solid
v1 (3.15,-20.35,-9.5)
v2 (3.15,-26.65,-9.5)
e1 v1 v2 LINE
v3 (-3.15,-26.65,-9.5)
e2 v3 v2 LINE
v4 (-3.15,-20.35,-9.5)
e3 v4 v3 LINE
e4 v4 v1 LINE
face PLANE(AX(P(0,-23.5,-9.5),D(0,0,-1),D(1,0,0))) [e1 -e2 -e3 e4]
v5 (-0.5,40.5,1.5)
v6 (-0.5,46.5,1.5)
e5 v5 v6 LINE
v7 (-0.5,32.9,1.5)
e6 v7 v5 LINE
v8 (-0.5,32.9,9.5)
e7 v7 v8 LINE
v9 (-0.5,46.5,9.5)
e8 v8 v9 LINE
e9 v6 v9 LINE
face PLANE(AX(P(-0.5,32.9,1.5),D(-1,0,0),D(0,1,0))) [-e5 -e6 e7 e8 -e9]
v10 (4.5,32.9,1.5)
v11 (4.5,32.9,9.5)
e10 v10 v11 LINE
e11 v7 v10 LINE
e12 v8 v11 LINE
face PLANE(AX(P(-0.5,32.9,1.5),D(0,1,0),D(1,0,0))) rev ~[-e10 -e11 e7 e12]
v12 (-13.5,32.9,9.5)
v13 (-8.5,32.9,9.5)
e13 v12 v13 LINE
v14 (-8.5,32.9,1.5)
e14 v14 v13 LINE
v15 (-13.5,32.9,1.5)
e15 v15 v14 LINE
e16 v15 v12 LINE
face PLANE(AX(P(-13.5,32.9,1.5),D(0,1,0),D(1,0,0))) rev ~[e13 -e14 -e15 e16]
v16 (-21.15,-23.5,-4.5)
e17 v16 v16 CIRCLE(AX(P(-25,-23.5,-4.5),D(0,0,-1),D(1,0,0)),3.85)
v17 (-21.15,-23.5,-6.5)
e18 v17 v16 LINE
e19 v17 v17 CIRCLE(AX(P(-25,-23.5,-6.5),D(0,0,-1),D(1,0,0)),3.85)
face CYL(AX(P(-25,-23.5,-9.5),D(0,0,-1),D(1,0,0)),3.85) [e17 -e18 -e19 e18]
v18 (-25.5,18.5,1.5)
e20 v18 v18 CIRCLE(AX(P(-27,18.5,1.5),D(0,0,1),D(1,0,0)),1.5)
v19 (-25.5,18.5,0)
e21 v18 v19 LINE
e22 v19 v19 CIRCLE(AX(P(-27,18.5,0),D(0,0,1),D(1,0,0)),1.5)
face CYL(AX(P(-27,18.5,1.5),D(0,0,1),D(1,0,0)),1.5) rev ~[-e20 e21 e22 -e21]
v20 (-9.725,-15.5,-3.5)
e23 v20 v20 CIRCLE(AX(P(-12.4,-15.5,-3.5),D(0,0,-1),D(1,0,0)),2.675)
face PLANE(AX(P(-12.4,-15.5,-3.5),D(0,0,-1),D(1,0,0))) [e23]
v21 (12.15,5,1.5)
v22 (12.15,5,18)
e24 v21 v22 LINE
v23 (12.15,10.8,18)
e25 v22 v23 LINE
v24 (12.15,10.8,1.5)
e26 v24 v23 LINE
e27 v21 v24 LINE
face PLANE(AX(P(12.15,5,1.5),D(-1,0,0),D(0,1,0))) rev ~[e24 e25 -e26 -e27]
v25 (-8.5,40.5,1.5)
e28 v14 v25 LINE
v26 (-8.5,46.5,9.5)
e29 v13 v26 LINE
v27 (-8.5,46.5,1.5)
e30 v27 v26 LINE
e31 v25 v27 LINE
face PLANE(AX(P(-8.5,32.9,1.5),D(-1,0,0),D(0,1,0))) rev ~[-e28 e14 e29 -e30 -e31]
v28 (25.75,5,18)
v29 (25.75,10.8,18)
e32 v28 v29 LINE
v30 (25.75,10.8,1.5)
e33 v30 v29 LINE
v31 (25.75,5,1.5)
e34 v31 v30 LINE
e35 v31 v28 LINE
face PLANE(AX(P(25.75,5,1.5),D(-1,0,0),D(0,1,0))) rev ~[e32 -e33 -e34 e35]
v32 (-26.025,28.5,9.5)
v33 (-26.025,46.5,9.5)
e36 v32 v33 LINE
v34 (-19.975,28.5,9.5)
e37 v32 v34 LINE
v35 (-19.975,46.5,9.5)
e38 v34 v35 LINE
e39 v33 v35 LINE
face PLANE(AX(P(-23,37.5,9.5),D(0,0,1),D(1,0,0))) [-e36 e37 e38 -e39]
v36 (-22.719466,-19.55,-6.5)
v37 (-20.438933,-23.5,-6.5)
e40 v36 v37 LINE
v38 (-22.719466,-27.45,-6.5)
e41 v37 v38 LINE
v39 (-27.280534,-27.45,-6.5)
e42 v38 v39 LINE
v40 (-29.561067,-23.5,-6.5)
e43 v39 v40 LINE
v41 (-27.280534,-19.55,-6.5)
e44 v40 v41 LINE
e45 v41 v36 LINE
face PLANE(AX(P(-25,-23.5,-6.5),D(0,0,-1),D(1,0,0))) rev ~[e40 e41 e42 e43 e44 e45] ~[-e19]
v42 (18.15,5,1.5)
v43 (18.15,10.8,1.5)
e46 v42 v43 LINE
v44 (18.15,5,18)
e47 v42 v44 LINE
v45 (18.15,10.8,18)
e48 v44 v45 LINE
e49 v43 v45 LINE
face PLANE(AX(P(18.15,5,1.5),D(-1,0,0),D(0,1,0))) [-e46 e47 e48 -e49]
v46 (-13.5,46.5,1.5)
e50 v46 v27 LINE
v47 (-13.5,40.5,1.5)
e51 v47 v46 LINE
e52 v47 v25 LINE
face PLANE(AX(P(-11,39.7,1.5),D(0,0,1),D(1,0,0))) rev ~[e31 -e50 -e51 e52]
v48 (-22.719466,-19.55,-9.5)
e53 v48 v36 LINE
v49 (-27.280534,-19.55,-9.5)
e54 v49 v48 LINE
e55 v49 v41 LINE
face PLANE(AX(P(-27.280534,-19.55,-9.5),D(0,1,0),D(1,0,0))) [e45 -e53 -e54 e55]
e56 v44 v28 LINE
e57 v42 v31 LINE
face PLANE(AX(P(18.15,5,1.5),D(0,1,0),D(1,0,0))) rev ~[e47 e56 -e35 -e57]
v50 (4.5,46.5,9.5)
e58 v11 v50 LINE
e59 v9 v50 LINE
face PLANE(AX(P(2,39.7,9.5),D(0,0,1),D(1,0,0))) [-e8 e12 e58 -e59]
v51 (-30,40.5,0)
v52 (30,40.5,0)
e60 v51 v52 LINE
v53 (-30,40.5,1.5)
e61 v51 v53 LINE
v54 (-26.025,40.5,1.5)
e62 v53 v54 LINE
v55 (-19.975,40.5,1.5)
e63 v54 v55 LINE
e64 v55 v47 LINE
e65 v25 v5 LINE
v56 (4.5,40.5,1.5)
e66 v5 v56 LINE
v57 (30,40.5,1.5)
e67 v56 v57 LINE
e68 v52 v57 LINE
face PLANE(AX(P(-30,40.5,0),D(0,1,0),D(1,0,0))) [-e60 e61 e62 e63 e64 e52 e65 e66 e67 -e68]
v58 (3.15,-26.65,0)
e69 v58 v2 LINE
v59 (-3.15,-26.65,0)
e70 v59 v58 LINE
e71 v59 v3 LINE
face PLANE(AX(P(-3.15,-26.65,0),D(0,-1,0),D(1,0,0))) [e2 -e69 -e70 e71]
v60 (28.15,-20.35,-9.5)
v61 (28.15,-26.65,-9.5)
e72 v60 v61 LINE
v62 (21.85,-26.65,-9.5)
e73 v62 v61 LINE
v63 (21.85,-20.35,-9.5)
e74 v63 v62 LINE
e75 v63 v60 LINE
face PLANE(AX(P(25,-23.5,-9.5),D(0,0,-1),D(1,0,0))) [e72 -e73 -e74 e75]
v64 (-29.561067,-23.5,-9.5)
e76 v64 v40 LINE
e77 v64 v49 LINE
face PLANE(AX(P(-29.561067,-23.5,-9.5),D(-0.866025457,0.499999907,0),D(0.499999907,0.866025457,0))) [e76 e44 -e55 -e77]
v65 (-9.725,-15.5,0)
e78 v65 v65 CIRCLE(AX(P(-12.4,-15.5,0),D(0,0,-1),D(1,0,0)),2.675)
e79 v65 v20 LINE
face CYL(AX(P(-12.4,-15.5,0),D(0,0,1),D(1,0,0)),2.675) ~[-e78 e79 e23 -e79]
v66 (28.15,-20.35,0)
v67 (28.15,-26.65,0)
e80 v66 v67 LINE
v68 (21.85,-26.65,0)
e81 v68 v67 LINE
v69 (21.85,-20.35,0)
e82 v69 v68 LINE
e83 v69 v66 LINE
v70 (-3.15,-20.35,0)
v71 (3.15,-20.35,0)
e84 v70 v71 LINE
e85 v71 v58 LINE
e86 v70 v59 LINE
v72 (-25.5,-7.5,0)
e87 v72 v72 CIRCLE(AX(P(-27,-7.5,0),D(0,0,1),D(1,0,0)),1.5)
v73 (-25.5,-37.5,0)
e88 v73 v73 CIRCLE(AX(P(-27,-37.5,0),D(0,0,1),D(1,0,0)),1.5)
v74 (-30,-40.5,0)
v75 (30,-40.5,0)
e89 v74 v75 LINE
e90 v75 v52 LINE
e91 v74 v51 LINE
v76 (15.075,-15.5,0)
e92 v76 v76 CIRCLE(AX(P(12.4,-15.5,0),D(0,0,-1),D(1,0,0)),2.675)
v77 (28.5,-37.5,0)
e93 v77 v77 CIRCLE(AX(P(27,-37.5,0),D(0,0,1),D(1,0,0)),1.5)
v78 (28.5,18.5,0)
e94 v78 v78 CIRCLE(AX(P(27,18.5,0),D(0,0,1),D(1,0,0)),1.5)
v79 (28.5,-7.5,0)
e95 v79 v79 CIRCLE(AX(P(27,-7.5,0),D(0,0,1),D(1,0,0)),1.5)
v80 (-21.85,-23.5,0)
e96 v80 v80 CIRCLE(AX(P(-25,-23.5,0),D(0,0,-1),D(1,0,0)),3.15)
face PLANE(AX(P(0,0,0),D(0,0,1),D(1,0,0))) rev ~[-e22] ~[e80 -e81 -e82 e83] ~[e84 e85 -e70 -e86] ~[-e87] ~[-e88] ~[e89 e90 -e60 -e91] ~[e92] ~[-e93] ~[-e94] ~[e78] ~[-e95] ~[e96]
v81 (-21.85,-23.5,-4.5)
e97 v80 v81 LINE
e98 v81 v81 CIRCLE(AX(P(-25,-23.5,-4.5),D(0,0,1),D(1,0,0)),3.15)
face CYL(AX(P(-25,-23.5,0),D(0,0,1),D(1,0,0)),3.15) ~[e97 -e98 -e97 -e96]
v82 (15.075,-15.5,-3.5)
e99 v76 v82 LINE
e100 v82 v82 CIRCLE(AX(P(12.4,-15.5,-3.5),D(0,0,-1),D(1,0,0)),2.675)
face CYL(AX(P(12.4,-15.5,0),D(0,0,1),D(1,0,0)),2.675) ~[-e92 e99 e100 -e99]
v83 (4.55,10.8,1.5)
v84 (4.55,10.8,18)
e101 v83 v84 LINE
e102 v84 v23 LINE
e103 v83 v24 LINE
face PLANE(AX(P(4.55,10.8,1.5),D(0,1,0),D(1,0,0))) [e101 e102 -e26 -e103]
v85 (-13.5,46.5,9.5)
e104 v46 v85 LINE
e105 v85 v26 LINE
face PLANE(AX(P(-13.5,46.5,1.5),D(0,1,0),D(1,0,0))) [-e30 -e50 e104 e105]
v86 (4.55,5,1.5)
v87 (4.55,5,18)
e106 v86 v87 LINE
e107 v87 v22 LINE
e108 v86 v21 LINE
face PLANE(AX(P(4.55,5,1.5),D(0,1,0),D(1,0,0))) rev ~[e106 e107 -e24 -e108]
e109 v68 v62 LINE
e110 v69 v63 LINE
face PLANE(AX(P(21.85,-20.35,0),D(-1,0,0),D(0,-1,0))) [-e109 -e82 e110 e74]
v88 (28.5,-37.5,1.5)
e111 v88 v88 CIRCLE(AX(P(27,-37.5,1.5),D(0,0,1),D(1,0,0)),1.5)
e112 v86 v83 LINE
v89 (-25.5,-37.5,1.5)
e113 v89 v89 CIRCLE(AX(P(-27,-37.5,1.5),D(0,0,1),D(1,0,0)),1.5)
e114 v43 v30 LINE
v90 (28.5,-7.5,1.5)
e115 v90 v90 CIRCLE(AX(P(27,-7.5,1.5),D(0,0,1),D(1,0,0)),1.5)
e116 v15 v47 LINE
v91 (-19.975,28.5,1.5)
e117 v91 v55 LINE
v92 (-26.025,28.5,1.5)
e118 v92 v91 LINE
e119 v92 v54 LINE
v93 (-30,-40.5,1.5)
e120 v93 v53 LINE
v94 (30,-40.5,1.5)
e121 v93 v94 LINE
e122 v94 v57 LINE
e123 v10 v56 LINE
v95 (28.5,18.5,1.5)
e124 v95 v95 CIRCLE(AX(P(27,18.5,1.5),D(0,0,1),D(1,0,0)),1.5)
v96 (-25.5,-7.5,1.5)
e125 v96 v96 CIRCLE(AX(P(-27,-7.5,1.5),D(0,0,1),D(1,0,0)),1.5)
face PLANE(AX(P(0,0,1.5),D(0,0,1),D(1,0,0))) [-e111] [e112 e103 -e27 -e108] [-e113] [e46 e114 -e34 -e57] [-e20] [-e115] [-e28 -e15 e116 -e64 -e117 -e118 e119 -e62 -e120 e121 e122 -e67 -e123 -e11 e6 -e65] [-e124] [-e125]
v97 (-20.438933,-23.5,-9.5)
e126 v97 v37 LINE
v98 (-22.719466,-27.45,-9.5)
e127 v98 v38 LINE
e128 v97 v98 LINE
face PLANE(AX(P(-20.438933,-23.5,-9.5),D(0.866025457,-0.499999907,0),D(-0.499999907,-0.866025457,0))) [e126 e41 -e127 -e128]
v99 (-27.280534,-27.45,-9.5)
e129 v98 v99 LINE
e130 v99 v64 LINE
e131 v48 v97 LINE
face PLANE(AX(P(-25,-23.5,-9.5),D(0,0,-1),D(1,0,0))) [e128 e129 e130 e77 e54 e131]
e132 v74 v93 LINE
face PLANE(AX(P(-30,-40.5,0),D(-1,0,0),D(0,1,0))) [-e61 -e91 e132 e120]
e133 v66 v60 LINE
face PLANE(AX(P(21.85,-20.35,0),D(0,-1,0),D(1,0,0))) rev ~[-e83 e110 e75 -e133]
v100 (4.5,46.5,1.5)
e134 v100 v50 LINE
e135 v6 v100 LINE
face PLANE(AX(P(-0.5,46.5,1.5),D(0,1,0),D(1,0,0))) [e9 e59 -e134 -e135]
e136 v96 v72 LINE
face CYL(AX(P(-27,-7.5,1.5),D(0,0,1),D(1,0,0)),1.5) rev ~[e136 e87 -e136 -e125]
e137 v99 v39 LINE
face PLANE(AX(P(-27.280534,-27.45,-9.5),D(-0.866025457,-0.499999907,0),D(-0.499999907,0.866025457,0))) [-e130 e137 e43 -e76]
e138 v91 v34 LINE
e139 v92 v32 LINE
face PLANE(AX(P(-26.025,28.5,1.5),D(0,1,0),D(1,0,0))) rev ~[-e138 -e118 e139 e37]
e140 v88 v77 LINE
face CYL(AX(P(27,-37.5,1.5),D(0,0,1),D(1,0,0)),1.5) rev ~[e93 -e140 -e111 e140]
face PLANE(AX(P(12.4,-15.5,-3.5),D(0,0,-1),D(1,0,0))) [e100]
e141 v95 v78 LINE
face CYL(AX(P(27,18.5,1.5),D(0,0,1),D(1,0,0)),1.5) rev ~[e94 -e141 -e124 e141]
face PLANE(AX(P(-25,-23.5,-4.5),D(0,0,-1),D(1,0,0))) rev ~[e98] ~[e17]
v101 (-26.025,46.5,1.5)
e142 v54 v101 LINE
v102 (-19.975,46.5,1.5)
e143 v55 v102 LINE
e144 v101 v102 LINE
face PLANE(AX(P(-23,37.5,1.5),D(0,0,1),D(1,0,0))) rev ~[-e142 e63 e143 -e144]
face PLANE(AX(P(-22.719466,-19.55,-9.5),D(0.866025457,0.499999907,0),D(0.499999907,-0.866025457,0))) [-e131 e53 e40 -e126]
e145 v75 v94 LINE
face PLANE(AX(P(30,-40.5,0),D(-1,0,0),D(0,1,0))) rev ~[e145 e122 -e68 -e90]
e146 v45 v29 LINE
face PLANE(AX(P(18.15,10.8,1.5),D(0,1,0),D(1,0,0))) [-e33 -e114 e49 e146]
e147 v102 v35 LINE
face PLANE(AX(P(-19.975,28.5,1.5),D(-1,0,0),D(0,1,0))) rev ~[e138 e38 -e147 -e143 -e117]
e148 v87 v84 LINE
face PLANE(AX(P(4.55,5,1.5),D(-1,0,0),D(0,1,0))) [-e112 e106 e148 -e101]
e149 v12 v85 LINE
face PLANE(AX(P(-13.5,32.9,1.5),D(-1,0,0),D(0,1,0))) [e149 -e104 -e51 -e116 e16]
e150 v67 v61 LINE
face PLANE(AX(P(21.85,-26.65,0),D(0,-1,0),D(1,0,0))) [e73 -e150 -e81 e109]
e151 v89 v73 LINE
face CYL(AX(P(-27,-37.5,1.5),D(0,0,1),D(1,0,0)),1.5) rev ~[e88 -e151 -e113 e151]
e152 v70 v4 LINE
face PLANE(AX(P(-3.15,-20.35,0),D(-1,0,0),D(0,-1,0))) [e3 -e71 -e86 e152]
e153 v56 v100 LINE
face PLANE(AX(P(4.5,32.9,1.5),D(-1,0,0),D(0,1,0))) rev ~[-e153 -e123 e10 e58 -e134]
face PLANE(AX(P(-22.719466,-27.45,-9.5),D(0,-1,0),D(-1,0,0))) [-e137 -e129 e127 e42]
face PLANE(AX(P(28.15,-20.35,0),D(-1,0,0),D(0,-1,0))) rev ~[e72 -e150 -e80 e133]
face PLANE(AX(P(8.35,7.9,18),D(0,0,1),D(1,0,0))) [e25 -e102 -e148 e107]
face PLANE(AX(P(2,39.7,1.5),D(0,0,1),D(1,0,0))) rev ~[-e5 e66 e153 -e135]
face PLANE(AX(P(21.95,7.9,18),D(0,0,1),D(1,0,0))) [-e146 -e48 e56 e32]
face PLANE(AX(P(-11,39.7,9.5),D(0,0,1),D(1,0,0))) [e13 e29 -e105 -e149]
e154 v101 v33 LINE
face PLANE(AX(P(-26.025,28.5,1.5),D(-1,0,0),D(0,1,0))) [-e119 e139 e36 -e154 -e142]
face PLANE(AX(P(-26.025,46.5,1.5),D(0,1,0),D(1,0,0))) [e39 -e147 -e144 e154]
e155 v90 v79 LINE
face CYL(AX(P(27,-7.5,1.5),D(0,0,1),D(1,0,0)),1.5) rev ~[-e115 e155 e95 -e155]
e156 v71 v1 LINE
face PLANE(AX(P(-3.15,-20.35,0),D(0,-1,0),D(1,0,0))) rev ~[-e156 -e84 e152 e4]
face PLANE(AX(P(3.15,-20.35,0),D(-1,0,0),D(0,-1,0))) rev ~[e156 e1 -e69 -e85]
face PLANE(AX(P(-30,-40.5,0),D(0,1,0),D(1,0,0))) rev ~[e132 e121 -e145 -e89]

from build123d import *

# Parameters (mm, degrees)
F0_W      = 60
F0_H      = 81
F1_DEPTH  = 1.5
F2_R      = 1.5
F3_DEPTH  = 1.501
F4_W      = 7.6
F4_H      = 5.8
F5_DEPTH  = 16.5
F6_W      = 5
F6_H      = 13.6
F6_W_2    = 6.05
F6_H_2    = 18
F7_DEPTH  = 8
F8_R      = 3.15
F8_W      = 6.3
F8_H      = 6.3
F9_DEPTH  = 9.5
F10_R     = 2.675
F11_DEPTH = 3.5
F12_R     = 3.85
F12_R_2   = 3.15
F13_DEPTH = 5
F14_R     = 3.85
F15_DEPTH = 3


with BuildPart() as f1:
    # F0 (on Top) → F1 (new body)
    with BuildSketch(Plane.XY):
        Rectangle(F0_W, F0_H)
    extrude(amount=F1_DEPTH)

    # F2 (on face) → F3 (cut, through all)
    with BuildSketch(Plane.XY.offset(1.5)):
        with Locations((-27, -37.5)):
            Circle(F2_R)
        with Locations((-27, -7.5)):
            Circle(F2_R)
        with Locations((-27, 18.5)):
            Circle(F2_R)
        with Locations((27, 18.5)):
            Circle(F2_R)
        with Locations((27, -7.5)):
            Circle(F2_R)
        with Locations((27, -37.5)):
            Circle(F2_R)
    extrude(amount=-F3_DEPTH, mode=Mode.SUBTRACT)

    # F4 (on face) → F5 (join)
    with BuildSketch(Plane.XY.offset(1.5)):
        with Locations((8.35, 7.9)):
            Rectangle(F4_W, F4_H)
        with Locations((21.95, 7.9)):
            Rectangle(F4_W, F4_H)
    extrude(amount=F5_DEPTH)

    # F6 (on face) → F7 (join)
    with BuildSketch(Plane.XY.offset(1.5)):
        with Locations((2, 39.7)):
            Rectangle(F6_W, F6_H)
        with Locations((-11, 39.7)):
            Rectangle(F6_W, F6_H)
        with Locations((-23, 37.5)):
            Rectangle(F6_W_2, F6_H_2)
    extrude(amount=F7_DEPTH)

    # F8 (on face) → F9 (join)
    with BuildSketch(Plane(origin=(0, 0, 0), x_dir=(1, 0, 0), z_dir=(0, 0, -1))):
        with Locations((-25, 23.5)):
            Circle(F8_R)
        with Locations((0, 23.5)):
            Rectangle(F8_W, F8_H)
        with Locations((25, 23.5)):
            Rectangle(F8_W, F8_H)
    extrude(amount=F9_DEPTH)

    # F10 (on face) → F11 (join)
    with BuildSketch(Plane(origin=(0, 0, 0), x_dir=(1, 0, 0), z_dir=(0, 0, -1))):
        with Locations((12.4, 15.5)):
            Circle(F10_R)
        with Locations((-12.4, 15.5)):
            Circle(F10_R)
    extrude(amount=F11_DEPTH)

    # F12 (on face) → F13 (join)
    with BuildSketch(Plane(origin=(0, 0, -9.5), x_dir=(1, 0, 0), z_dir=(0, 0, -1))):
        with Locations((-25, 23.5)):
            Circle(F12_R)
        with Locations((-25, 23.5)):
            Circle(F12_R_2, mode=Mode.SUBTRACT)
        with Locations((-25, 23.5)):
            Circle(F12_R_2)
    extrude(amount=-F13_DEPTH)

    # F14 (on face) → F15 (join)
    with BuildSketch(Plane(origin=(0, 0, -9.5), x_dir=(1, 0, 0), z_dir=(0, 0, -1))):
        Polygon((-27.280534, 19.55), (-22.719466, 19.55), (-20.438933, 23.5), (-22.719466, 27.45), (-27.280534, 27.45), (-29.561067, 23.5), align=None)
        with Locations((-25, 23.5)):
            Circle(F14_R, mode=Mode.SUBTRACT)
        with Locations((-25, 23.5)):
            Circle(F14_R)
    extrude(amount=-F15_DEPTH)


solid = f1.part
